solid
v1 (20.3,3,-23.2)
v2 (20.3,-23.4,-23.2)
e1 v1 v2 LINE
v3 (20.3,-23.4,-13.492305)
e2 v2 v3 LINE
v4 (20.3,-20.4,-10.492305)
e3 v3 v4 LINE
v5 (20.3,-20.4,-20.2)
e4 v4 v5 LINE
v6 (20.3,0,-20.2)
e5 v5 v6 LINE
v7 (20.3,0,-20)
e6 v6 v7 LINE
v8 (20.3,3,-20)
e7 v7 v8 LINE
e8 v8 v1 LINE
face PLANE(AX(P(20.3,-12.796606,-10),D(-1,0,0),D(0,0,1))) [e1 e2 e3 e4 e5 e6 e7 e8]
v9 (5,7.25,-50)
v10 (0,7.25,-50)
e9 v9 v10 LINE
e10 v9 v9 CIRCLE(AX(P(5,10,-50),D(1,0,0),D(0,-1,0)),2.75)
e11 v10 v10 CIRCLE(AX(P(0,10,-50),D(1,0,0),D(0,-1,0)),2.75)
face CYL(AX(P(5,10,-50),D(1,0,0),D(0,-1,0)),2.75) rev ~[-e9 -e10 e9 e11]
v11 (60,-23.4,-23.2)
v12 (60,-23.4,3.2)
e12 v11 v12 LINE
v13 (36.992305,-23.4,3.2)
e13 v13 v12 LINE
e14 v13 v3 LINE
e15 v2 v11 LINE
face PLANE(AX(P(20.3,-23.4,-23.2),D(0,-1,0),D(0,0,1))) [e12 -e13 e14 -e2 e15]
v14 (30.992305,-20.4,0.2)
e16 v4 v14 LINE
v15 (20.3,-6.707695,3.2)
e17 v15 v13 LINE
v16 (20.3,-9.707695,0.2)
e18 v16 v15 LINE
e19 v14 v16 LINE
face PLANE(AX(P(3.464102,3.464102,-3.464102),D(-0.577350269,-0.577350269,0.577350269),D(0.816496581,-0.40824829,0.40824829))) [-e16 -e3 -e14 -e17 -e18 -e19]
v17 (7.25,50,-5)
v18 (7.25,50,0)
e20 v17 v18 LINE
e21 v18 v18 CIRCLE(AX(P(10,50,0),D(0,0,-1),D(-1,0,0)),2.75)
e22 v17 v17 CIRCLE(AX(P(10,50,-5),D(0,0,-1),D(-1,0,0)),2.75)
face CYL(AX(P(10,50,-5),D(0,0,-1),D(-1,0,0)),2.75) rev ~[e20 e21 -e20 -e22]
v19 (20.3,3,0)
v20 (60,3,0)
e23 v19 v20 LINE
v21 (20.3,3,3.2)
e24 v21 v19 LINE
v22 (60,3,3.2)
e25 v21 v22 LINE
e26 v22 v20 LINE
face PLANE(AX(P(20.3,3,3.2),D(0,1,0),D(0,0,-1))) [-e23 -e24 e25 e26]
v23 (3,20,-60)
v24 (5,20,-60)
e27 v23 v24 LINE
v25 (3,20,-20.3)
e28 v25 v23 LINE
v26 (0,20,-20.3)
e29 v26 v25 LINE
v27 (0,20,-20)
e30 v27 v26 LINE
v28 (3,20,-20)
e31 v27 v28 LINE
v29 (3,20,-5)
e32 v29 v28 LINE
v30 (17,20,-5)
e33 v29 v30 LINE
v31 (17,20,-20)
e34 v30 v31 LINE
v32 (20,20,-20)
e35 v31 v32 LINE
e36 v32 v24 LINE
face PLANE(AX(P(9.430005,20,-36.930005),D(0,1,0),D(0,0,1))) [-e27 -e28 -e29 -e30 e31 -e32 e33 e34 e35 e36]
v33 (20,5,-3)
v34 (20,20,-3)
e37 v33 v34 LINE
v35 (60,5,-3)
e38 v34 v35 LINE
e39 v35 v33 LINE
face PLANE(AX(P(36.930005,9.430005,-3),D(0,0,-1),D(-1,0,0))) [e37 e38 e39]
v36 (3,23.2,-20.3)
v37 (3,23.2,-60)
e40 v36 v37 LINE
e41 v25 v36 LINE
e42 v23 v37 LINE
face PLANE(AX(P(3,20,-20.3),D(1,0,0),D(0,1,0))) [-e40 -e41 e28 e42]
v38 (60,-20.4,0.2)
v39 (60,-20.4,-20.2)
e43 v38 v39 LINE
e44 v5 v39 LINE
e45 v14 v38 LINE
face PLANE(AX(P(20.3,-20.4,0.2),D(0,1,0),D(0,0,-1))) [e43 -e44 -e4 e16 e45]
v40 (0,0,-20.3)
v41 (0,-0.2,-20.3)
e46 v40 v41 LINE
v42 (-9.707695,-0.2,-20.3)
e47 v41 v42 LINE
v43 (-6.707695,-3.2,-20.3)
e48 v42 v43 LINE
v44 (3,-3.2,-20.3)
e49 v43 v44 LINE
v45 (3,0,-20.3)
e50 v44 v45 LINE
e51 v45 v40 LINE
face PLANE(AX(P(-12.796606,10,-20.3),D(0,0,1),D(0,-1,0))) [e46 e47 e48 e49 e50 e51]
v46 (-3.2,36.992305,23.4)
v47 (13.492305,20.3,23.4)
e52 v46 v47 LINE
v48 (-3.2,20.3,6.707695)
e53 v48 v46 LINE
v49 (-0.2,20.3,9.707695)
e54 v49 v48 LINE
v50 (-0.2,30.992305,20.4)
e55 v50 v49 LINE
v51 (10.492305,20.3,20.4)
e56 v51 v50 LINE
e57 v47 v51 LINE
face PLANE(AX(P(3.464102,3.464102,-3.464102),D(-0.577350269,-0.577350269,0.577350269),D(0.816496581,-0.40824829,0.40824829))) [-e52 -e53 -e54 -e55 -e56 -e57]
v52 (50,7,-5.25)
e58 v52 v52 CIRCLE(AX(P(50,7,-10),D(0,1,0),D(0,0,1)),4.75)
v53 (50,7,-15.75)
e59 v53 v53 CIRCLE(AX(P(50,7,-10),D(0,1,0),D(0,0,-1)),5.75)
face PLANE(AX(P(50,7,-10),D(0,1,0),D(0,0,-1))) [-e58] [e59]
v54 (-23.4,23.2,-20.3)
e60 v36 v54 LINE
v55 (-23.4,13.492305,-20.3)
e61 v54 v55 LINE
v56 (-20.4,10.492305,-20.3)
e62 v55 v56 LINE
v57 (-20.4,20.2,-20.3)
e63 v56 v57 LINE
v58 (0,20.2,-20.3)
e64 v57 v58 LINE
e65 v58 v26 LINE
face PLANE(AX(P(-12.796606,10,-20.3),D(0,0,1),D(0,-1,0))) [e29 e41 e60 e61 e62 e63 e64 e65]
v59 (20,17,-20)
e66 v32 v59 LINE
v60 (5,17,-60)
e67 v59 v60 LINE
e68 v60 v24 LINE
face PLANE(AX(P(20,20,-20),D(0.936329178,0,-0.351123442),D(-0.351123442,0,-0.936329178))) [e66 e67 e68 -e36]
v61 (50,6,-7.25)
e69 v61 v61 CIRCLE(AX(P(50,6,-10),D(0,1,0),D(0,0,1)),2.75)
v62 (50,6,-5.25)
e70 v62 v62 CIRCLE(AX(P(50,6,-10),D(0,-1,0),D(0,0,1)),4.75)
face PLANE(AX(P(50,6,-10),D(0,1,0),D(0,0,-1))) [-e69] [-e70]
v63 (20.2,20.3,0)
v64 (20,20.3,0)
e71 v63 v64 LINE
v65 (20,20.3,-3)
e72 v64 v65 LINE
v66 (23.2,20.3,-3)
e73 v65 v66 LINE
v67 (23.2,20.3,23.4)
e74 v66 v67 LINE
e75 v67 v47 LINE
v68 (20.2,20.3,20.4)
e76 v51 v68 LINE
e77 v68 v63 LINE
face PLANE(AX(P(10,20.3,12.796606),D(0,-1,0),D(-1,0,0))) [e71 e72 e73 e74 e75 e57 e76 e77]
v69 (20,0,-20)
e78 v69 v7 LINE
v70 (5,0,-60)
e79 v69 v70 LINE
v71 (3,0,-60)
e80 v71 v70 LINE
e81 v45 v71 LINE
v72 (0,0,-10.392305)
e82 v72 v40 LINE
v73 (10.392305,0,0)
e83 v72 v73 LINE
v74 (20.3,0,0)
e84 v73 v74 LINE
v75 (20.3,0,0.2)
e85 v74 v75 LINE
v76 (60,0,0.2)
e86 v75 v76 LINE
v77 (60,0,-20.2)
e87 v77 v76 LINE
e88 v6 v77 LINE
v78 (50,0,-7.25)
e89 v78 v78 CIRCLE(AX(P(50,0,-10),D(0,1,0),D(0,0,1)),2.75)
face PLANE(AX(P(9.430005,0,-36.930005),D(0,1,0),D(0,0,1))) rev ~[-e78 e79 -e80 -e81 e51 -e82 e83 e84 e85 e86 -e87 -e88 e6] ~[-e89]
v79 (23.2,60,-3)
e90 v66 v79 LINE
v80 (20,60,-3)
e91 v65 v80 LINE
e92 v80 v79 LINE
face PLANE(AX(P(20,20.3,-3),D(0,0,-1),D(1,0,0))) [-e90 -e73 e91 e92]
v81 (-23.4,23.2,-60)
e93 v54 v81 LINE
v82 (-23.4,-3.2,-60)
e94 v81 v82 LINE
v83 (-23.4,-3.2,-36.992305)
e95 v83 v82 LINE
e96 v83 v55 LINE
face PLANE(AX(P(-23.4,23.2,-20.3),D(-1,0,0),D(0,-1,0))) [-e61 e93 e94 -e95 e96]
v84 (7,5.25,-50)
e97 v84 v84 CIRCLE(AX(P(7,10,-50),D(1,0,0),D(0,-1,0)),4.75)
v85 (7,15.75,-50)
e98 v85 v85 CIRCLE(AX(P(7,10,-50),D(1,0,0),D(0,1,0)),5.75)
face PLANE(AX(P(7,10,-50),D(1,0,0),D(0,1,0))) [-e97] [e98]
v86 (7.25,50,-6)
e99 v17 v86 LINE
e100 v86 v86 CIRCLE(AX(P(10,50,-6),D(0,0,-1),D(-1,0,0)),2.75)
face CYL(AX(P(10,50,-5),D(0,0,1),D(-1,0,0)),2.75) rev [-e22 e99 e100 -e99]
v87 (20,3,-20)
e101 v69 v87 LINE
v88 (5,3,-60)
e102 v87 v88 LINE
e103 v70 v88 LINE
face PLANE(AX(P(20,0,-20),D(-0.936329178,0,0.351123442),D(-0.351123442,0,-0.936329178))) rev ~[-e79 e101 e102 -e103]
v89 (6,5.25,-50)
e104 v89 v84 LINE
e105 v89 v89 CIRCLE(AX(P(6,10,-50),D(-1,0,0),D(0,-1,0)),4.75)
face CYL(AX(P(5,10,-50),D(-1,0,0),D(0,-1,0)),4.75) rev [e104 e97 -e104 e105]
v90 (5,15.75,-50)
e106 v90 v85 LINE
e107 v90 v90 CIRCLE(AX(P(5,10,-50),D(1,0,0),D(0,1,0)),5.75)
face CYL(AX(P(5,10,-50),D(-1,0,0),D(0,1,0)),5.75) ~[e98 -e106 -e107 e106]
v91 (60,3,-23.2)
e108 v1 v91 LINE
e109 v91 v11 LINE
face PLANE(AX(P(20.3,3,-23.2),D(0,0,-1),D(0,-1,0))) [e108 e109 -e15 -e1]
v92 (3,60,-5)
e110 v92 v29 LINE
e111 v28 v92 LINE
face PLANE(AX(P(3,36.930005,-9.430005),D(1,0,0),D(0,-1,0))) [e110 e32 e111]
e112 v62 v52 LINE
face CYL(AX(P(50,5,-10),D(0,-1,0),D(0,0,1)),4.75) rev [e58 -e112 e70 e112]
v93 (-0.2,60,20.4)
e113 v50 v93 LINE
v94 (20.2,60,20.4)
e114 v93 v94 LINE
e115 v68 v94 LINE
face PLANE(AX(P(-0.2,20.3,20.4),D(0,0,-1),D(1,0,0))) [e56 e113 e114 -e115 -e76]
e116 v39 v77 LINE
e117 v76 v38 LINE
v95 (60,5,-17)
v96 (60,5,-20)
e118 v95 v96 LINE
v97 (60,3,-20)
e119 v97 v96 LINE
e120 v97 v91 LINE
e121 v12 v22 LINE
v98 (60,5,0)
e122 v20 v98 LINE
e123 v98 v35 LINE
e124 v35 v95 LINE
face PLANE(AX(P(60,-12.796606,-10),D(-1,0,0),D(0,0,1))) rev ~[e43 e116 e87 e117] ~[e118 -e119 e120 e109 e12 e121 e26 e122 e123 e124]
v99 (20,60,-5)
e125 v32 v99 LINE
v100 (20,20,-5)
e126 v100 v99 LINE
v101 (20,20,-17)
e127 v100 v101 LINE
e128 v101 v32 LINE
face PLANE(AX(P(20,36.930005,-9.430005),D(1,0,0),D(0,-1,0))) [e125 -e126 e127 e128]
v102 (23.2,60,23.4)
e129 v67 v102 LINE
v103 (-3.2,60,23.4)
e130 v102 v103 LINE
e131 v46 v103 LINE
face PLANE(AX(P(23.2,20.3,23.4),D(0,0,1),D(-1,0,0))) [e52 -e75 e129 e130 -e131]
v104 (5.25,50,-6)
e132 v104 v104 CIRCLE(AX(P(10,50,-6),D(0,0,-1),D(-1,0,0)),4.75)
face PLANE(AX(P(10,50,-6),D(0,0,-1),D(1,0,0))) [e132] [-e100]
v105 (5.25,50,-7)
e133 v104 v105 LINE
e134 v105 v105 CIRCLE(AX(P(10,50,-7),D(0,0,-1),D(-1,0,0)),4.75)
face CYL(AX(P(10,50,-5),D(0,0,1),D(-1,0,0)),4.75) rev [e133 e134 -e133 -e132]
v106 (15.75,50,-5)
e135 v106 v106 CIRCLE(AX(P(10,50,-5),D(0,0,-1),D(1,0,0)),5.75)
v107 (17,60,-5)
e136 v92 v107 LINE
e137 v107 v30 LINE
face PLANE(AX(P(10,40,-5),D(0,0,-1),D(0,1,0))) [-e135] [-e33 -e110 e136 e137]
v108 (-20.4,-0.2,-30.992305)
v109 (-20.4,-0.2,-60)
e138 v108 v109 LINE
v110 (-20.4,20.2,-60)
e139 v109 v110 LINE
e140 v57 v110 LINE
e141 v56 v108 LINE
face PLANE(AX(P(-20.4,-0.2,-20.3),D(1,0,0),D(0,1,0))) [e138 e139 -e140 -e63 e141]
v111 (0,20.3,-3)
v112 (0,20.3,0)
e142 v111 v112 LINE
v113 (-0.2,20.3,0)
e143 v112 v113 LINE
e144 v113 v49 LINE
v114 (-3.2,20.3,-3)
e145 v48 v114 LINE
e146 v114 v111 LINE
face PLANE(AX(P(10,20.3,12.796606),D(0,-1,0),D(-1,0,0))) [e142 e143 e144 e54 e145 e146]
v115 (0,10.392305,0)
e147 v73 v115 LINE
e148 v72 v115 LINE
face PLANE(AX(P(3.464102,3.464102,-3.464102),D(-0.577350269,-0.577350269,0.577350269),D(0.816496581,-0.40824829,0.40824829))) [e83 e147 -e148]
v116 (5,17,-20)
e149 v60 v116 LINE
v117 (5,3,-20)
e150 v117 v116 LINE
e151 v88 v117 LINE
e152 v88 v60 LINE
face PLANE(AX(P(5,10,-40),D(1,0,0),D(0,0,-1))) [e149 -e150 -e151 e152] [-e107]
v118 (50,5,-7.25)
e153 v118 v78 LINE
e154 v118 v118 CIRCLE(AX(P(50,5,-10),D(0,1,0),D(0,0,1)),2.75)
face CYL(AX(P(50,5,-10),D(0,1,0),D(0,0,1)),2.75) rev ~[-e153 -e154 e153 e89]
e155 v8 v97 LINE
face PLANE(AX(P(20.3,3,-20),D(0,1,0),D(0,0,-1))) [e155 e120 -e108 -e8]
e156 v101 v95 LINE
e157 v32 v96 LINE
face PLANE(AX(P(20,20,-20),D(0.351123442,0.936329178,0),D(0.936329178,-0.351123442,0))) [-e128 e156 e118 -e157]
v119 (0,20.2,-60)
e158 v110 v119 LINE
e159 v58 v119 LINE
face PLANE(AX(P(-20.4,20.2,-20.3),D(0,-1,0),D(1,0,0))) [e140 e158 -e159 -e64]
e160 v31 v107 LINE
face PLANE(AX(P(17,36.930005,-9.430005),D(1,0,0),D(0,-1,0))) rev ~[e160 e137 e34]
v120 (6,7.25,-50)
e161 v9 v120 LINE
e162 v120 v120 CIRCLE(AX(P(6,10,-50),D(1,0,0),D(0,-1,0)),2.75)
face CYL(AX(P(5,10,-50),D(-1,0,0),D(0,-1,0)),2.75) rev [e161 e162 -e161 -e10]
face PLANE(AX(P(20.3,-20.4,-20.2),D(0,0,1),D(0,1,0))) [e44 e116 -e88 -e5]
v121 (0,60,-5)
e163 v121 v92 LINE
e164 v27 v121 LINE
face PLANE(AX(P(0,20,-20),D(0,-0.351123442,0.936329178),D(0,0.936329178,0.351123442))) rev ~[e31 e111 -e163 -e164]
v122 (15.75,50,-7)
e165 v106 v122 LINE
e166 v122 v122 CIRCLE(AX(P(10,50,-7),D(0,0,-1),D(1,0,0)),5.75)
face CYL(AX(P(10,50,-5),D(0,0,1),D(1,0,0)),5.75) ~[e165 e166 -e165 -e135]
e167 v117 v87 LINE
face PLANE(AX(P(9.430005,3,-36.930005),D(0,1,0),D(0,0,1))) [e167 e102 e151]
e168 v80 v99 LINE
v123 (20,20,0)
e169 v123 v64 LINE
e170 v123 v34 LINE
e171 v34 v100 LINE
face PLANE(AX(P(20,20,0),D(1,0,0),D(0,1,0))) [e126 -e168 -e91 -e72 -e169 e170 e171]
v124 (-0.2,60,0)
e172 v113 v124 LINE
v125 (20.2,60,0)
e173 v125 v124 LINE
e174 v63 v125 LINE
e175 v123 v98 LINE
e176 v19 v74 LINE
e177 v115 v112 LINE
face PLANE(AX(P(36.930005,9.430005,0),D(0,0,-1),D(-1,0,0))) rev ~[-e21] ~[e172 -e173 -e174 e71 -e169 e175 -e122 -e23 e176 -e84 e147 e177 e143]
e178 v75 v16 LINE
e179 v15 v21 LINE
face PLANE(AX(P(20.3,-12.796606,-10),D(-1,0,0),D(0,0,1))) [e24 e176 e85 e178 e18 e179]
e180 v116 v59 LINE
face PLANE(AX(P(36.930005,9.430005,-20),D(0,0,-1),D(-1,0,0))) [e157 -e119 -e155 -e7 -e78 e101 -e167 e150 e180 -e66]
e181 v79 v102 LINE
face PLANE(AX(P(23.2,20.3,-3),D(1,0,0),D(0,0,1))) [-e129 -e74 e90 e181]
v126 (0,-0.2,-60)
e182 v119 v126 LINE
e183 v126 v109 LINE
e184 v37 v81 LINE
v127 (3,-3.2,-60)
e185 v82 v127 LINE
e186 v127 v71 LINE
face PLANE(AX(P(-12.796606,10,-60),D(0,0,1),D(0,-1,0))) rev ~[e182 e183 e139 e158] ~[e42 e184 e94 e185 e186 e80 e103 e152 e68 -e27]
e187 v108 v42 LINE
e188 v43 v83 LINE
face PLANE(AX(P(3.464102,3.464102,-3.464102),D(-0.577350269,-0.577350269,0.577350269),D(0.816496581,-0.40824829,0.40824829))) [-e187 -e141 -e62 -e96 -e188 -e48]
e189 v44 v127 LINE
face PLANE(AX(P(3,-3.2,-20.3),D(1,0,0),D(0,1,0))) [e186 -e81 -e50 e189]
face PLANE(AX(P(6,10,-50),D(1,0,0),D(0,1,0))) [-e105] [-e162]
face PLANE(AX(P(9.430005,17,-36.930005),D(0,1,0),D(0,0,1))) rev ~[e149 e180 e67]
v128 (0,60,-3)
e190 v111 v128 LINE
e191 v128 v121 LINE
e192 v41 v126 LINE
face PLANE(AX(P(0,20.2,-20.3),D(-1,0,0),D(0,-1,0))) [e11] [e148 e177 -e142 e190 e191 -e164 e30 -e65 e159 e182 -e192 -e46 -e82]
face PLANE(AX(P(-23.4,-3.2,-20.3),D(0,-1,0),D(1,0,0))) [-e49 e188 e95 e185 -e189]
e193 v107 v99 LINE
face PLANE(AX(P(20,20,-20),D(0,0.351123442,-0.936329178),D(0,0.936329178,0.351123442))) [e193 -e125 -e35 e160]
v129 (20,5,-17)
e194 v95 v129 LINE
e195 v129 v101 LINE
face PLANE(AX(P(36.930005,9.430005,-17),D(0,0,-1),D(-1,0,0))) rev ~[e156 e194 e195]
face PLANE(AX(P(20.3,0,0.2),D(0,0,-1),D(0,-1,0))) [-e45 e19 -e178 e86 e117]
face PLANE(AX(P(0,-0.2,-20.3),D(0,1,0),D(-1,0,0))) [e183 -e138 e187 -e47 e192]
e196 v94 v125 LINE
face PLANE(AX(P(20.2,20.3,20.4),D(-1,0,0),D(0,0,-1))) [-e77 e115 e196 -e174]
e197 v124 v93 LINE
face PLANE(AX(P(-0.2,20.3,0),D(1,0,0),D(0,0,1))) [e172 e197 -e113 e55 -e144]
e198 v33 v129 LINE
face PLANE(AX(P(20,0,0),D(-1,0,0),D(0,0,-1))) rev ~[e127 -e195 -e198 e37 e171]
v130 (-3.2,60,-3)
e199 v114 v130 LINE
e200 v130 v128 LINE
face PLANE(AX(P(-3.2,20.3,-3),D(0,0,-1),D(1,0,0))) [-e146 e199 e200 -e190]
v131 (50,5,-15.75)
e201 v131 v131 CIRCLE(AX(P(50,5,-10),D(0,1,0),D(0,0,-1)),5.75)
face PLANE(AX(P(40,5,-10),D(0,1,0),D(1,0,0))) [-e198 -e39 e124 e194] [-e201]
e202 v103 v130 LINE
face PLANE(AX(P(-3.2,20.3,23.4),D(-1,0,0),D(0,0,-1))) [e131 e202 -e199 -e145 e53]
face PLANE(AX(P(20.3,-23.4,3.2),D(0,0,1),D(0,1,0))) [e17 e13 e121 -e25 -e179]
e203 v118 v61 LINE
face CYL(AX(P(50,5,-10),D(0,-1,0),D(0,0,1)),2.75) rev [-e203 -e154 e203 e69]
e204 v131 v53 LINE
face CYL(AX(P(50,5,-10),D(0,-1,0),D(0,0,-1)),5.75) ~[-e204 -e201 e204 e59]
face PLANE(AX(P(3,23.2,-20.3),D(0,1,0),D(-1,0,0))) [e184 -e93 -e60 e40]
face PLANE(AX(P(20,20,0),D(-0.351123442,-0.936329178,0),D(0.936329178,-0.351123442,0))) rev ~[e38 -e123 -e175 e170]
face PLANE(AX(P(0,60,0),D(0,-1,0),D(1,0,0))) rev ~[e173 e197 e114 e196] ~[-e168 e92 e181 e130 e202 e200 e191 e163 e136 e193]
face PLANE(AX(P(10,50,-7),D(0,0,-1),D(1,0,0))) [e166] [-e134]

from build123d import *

# Parameters (mm, degrees)
SKETCH1_W           = 20
SKETCH1_H           = 20
BOSS_EXTRUDE1_DEPTH = 20
SKETCH2_W           = 40
SKETCH2_H           = 20
BOSS_EXTRUDE2_DEPTH = 5
BOSS_EXTRUDE3_DEPTH = 3
BOSS_EXTRUDE4_START = -20
BOSS_EXTRUDE4_DEPTH = 3
SKETCH4_R           = 4.75
SKETCH4_R_2         = 2.75
BOSS_EXTRUDE5_DEPTH = 1
SKETCH4_3_R         = 2.75
CUT_EXTRUDE1_DEPTH  = 66
SKETCH4_4_R         = 5.75
SKETCH4_4_R_2       = 4.75
BOSS_EXTRUDE6_DEPTH = 2
BOSS_EXTRUDE7_START = -20.3
BOSS_EXTRUDE7_DEPTH = 39.7
CIRPATTERN1_COUNT   = 3


with BuildPart() as part:
    # Sketch1 → Boss-Extrude1 (new body)
    with BuildSketch(Plane(origin=(0, 0, 0), x_dir=(1, 0, 0), z_dir=(0, 1, 0))):
        with Locations((10, 10)):
            Rectangle(SKETCH1_W, SKETCH1_H)
    extrude(amount=BOSS_EXTRUDE1_DEPTH)

    # Sketch2 → Boss-Extrude2 (add)
    with BuildSketch(Plane(origin=(0, 0, 0), x_dir=(1, 0, 0), z_dir=(0, 1, 0))):
        with Locations((40, 10)):
            Rectangle(SKETCH2_W, SKETCH2_H)
    boss_extrude2 = extrude(amount=BOSS_EXTRUDE2_DEPTH)

    # Sketch3 → Boss-Extrude3 (add)
    with BuildSketch(Plane.XY):
        Polygon((20, 5), (20, 20), (60, 5), align=None)
    boss_extrude3 = extrude(amount=-BOSS_EXTRUDE3_DEPTH)

    # Sketch3<2> → Boss-Extrude4 (add)
    with BuildSketch(Plane.XY.offset(BOSS_EXTRUDE4_START)):
        Polygon((20, 5), (20, 20), (60, 5), align=None)
    boss_extrude4 = extrude(amount=BOSS_EXTRUDE4_DEPTH)

    # Sketch4 → Boss-Extrude5 (add)
    with BuildSketch(Plane(origin=(0, 5, 0), x_dir=(1, 0, 0), z_dir=(0, 1, 0))):
        with Locations(Location((50, 10, 0), (0, 0, 90))):
            Circle(SKETCH4_R)
        with Locations(Location((50, 10, 0), (0, 0, 270))):
            Circle(SKETCH4_R_2, mode=Mode.SUBTRACT)
    boss_extrude5 = extrude(amount=BOSS_EXTRUDE5_DEPTH)

    # Sketch4<3> → Cut-Extrude1 (cut, through all)
    with BuildSketch(Plane(origin=(0, 5, 0), x_dir=(1, 0, 0), z_dir=(0, 1, 0))):
        with Locations(Location((50, 10, 0), (0, 0, 270))):
            Circle(SKETCH4_3_R)
    cut_extrude1 = extrude(amount=-CUT_EXTRUDE1_DEPTH, mode=Mode.SUBTRACT)

    # Sketch4<4> → Boss-Extrude6 (add)
    with BuildSketch(Plane(origin=(0, 5, 0), x_dir=(1, 0, 0), z_dir=(0, 1, 0))):
        with Locations(Location((50, 10, 0), (0, 0, 90))):
            Circle(SKETCH4_4_R)
        with Locations(Location((50, 10, 0), (0, 0, 270))):
            Circle(SKETCH4_4_R_2, mode=Mode.SUBTRACT)
    boss_extrude6 = extrude(amount=BOSS_EXTRUDE6_DEPTH)

    # Sketch5 → Boss-Extrude7 (add)
    with BuildSketch(Plane.ZY.offset(BOSS_EXTRUDE7_START)):
        Polygon((-20.2, -20.4), (-20.2, 0), (-20, 0), (-20, 3), (-23.2, 3), (-23.2, -23.4), (3.2, -23.4), (3.2, 3), (0, 3), (0, 0), (0.2, 0), (0.2, -20.4), align=None)
    boss_extrude7 = extrude(amount=-BOSS_EXTRUDE7_DEPTH)

    # CirPattern1: Boss-Extrude2, Boss-Extrude3, Boss-Extrude4, Boss-Extrude5, Cut-Extrude1, Boss-Extrude6, Boss-Extrude7 ×3 about axis
    cirpattern1_axis = Axis((0, 0, 0), (0.5773502691896256, 0.5773502691896258, -0.5773502691896258))
    add([boss_extrude2.rotate(cirpattern1_axis, i * 360 / CIRPATTERN1_COUNT) for i in range(1, CIRPATTERN1_COUNT)])
    add([boss_extrude3.rotate(cirpattern1_axis, i * 360 / CIRPATTERN1_COUNT) for i in range(1, CIRPATTERN1_COUNT)])
    add([boss_extrude4.rotate(cirpattern1_axis, i * 360 / CIRPATTERN1_COUNT) for i in range(1, CIRPATTERN1_COUNT)])
    add([boss_extrude5.rotate(cirpattern1_axis, i * 360 / CIRPATTERN1_COUNT) for i in range(1, CIRPATTERN1_COUNT)])
    add([cut_extrude1.rotate(cirpattern1_axis, i * 360 / CIRPATTERN1_COUNT) for i in range(1, CIRPATTERN1_COUNT)], mode=Mode.SUBTRACT)
    add([boss_extrude6.rotate(cirpattern1_axis, i * 360 / CIRPATTERN1_COUNT) for i in range(1, CIRPATTERN1_COUNT)])
    add([boss_extrude7.rotate(cirpattern1_axis, i * 360 / CIRPATTERN1_COUNT) for i in range(1, CIRPATTERN1_COUNT)])

    # SurfaceCut1
    split(bisect_by=Plane(origin=(3.464101615, 3.464101615, -3.464101615), x_dir=(0.8164965809277263, -0.40824829046386285, 0.40824829046386285), z_dir=(-0.5773502691896255, -0.5773502691896256, 0.5773502691896262)), keep=Keep.BOTTOM)


solid = part.part
